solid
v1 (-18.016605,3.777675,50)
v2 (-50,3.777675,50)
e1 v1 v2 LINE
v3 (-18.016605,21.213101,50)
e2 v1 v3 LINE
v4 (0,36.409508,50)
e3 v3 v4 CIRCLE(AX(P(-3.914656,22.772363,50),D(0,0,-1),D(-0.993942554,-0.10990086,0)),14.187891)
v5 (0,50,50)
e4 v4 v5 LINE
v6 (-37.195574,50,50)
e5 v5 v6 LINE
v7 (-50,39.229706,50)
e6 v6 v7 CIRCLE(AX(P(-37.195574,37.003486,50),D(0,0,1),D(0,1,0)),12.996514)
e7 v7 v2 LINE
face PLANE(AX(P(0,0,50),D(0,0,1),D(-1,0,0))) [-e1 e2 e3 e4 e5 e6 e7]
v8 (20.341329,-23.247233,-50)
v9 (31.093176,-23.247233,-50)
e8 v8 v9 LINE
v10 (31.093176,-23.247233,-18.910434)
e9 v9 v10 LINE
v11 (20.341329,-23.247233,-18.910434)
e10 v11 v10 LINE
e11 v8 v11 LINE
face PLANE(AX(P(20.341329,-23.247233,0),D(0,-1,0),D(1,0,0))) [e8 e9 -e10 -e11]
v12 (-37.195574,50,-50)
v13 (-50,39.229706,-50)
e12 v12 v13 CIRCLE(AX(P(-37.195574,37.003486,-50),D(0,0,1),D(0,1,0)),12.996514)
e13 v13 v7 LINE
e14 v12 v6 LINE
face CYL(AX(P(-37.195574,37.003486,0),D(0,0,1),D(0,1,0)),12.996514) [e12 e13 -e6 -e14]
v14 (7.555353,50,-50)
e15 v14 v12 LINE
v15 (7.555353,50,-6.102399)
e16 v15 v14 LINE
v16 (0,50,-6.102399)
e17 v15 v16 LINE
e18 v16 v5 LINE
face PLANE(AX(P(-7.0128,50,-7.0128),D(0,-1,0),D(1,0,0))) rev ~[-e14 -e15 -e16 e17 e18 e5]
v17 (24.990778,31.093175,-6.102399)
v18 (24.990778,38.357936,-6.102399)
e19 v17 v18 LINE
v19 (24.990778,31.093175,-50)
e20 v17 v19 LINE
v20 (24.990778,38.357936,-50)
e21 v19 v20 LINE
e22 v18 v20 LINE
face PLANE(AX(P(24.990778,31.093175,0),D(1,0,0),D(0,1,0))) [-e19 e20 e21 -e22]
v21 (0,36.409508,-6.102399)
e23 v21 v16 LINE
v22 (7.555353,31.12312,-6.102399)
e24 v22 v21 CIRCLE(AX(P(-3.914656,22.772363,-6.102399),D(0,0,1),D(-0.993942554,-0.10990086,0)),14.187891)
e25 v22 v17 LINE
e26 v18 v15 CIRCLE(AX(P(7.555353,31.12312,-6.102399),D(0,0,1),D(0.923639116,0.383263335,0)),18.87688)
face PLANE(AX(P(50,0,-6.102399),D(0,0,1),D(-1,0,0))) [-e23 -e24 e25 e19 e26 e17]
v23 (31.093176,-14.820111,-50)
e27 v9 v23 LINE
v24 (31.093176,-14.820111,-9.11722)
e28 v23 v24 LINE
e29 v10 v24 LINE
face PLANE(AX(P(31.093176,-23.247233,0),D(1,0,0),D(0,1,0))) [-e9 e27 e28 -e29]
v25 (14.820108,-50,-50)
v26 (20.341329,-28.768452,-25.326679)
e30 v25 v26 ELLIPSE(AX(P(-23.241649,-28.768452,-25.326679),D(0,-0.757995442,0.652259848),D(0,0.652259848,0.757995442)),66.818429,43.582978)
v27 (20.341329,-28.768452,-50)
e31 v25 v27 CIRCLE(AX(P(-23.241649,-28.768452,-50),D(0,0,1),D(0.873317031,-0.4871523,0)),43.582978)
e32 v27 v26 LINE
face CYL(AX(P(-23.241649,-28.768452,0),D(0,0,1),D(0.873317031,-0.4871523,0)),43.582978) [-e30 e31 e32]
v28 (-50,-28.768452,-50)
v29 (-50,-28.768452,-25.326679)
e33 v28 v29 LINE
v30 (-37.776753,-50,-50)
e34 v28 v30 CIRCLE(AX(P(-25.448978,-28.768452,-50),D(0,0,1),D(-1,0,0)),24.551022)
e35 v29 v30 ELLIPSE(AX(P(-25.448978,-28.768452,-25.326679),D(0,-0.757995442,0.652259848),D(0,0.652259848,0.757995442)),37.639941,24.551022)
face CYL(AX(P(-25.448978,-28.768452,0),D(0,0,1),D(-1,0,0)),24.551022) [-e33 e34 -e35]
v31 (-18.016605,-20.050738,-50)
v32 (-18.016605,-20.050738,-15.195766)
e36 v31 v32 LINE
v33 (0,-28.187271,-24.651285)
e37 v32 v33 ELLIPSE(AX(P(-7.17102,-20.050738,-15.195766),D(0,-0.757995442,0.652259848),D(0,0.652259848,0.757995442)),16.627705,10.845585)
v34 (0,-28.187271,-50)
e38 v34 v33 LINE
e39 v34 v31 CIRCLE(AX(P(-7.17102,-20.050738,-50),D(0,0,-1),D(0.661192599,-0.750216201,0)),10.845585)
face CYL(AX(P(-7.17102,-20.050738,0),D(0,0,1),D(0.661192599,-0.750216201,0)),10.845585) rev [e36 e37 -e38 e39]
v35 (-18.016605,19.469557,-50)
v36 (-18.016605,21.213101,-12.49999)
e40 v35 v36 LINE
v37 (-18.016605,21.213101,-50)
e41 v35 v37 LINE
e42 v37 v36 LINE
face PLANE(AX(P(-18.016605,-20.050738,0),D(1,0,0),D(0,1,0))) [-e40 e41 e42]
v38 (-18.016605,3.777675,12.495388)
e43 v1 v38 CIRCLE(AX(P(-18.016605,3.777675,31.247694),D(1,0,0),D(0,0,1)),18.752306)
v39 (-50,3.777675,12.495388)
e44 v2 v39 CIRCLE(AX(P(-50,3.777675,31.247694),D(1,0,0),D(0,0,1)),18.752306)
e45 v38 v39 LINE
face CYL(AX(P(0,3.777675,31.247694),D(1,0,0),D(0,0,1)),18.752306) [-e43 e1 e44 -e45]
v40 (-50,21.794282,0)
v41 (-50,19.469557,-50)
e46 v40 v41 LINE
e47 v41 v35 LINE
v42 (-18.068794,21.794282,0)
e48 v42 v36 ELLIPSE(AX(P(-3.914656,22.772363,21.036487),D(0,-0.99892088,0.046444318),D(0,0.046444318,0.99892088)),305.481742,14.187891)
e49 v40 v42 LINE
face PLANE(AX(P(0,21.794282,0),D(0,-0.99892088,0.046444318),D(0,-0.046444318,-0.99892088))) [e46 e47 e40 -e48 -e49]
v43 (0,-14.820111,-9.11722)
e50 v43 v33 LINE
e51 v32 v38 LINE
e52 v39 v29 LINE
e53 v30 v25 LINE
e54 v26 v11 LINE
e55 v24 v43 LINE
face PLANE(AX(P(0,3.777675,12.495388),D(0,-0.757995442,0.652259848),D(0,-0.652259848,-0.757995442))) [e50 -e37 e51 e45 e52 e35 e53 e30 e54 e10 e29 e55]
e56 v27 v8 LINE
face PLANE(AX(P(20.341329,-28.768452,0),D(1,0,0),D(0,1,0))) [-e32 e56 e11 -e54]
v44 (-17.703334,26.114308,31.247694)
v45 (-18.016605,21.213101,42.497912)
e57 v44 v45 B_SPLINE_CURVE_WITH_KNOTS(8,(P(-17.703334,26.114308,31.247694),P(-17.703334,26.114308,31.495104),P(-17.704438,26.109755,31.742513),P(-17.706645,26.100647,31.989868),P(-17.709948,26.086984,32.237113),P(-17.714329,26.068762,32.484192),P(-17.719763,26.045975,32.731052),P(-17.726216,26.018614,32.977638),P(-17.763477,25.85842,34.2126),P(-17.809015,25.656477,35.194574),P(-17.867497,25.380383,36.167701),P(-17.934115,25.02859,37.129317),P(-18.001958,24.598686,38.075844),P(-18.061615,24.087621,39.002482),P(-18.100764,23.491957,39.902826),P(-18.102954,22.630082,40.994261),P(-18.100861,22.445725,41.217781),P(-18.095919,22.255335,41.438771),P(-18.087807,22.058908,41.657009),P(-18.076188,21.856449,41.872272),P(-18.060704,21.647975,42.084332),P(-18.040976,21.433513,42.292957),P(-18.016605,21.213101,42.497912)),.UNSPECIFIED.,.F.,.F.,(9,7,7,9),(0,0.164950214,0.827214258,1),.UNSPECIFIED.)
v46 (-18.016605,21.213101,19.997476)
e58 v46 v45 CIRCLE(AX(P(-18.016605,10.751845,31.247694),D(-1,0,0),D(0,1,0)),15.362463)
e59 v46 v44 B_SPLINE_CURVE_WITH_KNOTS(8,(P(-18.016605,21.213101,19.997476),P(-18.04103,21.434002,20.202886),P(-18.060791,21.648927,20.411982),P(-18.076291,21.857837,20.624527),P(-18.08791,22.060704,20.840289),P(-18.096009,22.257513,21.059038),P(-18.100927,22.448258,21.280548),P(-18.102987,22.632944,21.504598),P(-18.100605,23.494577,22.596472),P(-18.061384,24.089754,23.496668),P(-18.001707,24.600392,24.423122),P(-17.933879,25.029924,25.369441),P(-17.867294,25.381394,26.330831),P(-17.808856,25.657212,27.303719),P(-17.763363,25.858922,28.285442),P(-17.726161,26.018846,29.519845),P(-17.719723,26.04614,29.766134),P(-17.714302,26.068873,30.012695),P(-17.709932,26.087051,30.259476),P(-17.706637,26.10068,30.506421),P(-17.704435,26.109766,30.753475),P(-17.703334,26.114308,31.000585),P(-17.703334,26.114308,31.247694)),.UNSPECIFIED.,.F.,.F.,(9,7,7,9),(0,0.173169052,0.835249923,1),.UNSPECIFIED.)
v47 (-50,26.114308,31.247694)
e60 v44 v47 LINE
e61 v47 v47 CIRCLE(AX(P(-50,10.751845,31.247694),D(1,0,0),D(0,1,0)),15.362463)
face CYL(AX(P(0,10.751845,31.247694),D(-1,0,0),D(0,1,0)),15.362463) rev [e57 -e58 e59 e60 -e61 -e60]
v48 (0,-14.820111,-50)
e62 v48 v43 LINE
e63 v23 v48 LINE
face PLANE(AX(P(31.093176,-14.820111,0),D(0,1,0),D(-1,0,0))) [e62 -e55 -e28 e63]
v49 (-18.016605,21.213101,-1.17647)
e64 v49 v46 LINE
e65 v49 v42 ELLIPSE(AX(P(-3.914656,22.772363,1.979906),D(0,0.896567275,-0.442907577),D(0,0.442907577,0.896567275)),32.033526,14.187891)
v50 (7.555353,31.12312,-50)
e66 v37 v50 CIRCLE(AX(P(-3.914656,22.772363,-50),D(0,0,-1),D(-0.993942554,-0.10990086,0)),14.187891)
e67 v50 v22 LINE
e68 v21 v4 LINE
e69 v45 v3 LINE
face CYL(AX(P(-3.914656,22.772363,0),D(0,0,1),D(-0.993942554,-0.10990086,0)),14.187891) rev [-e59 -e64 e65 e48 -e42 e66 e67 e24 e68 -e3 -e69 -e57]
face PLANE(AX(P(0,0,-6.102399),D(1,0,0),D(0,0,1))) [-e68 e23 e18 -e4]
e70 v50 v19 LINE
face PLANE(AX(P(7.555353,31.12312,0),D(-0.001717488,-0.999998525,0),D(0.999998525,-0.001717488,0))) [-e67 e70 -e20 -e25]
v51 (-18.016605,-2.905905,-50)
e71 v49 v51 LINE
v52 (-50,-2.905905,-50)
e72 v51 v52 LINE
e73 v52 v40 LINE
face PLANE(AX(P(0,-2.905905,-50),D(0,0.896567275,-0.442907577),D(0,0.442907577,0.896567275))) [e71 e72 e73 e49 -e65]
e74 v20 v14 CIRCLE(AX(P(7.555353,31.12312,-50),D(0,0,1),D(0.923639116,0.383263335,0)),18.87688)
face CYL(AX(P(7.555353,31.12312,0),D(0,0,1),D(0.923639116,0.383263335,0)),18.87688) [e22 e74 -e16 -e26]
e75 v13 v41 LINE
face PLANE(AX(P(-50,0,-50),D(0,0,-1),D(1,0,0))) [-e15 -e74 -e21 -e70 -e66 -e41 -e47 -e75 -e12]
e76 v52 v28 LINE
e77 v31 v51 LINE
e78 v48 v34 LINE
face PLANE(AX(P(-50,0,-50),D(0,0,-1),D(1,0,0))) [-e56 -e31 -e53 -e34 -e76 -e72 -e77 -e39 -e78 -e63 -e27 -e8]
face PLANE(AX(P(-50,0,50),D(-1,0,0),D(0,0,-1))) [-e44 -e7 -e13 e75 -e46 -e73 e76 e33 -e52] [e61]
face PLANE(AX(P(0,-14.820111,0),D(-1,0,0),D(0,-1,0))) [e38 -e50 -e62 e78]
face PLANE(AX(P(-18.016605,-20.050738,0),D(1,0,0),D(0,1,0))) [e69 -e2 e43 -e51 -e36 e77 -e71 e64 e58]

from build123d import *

# Parameters (mm, degrees)
F3_DEPTH = 50
F1_R     = 15.3624630906
F4_DEPTH = 50
F5_DEPTH = 50


with BuildPart() as f3:
    # F2 (on Front) → F3 (new body, symmetric)
    with BuildSketch(Plane.XZ):
        Polygon((0, 50), (-50, 50), (-50, -50), (50, -50), (50, -6.1023989692), (0, -6.1023989692), align=None)
    extrude(amount=F3_DEPTH, both=True)

    # F1 (on Right) → F4 (intersect, symmetric)
    with BuildSketch(Plane.YZ):
        with BuildLine():
            Line((-28.1872693449, -50), (-22.0848694444, -50))
            Line((-22.0848694444, -50), (-8.4271216765, -50))
            Line((-8.4271216765, -50), (-2.9059045482, -50))
            Line((-2.9059045482, -50), (21.7942818999, 0))
            Line((21.7942818999, 0), (19.46955733, -50))
            Line((19.46955733, -50), (50, -50))
            Line((50, -50), (50, 50))
            Line((50, 50), (3.777674865, 50))
            ThreePointArc((3.777674865, 50), (-14.9746309966, 31.2476941384), (3.777674865, 12.4953882769))
            Line((3.777674865, 12.4953882769), (-50, -50))
            Line((-50, -50), (-28.1872693449, -50))
        make_face()
        with Locations((10.7518453151, 31.2476941384)):
            Circle(F1_R, mode=Mode.SUBTRACT)
    extrude(amount=F4_DEPTH, both=True, mode=Mode.INTERSECT)

    # F0 (on Top) → F5 (intersect, symmetric)
    with BuildSketch(Plane.XY):
        with BuildLine():
            Line((7.5553534552, 50), (-37.1955744922, 50))
            ThreePointArc((-37.1955744922, 50), (-45.5614657619, 46.9494015958), (-50, 39.2297059298))
            Line((-50, 39.2297059298), (-50, -28.7684518844))
            ThreePointArc((-50, -28.7684518844), (-46.7258687965, -41.0178028378), (-37.7767533064, -50))
            Line((-37.7767533064, -50), (14.8201081902, -50))
            ThreePointArc((14.8201081902, -50), (18.93844543, -39.7373000198), (20.3413292766, -28.7684518844))
            Line((20.3413292766, -28.7684518844), (20.3413292766, -23.2472326607))
            Line((20.3413292766, -23.2472326607), (31.0931764543, -23.2472326607))
            Line((31.0931764543, -23.2472326607), (31.0931764543, -14.8201109841))
            Line((31.0931764543, -14.8201109841), (0, -14.8201109841))
            Line((0, -14.8201109841), (0, -28.1872712076))
            ThreePointArc((0, -28.1872712076), (-11.6349197117, -29.9350844405), (-18.0166047066, -20.0507380068))
            Line((-18.0166047066, -20.0507380068), (-18.0166047066, 21.2131012231))
            ThreePointArc((-18.0166047066, 21.2131012231), (-9.0414378215, 36.0015865466), (7.5553534552, 31.1231197696))
            Line((7.5553534552, 31.1231197696), (24.9907784164, 31.0931745917))
            Line((24.9907784164, 31.0931745917), (24.9907784164, 38.3579358459))
            ThreePointArc((24.9907784164, 38.3579358459), (18.0378591355, 46.8219630995), (7.5553534552, 50))
        make_face()
    extrude(amount=F5_DEPTH, both=True, mode=Mode.INTERSECT)


solid = f3.part
